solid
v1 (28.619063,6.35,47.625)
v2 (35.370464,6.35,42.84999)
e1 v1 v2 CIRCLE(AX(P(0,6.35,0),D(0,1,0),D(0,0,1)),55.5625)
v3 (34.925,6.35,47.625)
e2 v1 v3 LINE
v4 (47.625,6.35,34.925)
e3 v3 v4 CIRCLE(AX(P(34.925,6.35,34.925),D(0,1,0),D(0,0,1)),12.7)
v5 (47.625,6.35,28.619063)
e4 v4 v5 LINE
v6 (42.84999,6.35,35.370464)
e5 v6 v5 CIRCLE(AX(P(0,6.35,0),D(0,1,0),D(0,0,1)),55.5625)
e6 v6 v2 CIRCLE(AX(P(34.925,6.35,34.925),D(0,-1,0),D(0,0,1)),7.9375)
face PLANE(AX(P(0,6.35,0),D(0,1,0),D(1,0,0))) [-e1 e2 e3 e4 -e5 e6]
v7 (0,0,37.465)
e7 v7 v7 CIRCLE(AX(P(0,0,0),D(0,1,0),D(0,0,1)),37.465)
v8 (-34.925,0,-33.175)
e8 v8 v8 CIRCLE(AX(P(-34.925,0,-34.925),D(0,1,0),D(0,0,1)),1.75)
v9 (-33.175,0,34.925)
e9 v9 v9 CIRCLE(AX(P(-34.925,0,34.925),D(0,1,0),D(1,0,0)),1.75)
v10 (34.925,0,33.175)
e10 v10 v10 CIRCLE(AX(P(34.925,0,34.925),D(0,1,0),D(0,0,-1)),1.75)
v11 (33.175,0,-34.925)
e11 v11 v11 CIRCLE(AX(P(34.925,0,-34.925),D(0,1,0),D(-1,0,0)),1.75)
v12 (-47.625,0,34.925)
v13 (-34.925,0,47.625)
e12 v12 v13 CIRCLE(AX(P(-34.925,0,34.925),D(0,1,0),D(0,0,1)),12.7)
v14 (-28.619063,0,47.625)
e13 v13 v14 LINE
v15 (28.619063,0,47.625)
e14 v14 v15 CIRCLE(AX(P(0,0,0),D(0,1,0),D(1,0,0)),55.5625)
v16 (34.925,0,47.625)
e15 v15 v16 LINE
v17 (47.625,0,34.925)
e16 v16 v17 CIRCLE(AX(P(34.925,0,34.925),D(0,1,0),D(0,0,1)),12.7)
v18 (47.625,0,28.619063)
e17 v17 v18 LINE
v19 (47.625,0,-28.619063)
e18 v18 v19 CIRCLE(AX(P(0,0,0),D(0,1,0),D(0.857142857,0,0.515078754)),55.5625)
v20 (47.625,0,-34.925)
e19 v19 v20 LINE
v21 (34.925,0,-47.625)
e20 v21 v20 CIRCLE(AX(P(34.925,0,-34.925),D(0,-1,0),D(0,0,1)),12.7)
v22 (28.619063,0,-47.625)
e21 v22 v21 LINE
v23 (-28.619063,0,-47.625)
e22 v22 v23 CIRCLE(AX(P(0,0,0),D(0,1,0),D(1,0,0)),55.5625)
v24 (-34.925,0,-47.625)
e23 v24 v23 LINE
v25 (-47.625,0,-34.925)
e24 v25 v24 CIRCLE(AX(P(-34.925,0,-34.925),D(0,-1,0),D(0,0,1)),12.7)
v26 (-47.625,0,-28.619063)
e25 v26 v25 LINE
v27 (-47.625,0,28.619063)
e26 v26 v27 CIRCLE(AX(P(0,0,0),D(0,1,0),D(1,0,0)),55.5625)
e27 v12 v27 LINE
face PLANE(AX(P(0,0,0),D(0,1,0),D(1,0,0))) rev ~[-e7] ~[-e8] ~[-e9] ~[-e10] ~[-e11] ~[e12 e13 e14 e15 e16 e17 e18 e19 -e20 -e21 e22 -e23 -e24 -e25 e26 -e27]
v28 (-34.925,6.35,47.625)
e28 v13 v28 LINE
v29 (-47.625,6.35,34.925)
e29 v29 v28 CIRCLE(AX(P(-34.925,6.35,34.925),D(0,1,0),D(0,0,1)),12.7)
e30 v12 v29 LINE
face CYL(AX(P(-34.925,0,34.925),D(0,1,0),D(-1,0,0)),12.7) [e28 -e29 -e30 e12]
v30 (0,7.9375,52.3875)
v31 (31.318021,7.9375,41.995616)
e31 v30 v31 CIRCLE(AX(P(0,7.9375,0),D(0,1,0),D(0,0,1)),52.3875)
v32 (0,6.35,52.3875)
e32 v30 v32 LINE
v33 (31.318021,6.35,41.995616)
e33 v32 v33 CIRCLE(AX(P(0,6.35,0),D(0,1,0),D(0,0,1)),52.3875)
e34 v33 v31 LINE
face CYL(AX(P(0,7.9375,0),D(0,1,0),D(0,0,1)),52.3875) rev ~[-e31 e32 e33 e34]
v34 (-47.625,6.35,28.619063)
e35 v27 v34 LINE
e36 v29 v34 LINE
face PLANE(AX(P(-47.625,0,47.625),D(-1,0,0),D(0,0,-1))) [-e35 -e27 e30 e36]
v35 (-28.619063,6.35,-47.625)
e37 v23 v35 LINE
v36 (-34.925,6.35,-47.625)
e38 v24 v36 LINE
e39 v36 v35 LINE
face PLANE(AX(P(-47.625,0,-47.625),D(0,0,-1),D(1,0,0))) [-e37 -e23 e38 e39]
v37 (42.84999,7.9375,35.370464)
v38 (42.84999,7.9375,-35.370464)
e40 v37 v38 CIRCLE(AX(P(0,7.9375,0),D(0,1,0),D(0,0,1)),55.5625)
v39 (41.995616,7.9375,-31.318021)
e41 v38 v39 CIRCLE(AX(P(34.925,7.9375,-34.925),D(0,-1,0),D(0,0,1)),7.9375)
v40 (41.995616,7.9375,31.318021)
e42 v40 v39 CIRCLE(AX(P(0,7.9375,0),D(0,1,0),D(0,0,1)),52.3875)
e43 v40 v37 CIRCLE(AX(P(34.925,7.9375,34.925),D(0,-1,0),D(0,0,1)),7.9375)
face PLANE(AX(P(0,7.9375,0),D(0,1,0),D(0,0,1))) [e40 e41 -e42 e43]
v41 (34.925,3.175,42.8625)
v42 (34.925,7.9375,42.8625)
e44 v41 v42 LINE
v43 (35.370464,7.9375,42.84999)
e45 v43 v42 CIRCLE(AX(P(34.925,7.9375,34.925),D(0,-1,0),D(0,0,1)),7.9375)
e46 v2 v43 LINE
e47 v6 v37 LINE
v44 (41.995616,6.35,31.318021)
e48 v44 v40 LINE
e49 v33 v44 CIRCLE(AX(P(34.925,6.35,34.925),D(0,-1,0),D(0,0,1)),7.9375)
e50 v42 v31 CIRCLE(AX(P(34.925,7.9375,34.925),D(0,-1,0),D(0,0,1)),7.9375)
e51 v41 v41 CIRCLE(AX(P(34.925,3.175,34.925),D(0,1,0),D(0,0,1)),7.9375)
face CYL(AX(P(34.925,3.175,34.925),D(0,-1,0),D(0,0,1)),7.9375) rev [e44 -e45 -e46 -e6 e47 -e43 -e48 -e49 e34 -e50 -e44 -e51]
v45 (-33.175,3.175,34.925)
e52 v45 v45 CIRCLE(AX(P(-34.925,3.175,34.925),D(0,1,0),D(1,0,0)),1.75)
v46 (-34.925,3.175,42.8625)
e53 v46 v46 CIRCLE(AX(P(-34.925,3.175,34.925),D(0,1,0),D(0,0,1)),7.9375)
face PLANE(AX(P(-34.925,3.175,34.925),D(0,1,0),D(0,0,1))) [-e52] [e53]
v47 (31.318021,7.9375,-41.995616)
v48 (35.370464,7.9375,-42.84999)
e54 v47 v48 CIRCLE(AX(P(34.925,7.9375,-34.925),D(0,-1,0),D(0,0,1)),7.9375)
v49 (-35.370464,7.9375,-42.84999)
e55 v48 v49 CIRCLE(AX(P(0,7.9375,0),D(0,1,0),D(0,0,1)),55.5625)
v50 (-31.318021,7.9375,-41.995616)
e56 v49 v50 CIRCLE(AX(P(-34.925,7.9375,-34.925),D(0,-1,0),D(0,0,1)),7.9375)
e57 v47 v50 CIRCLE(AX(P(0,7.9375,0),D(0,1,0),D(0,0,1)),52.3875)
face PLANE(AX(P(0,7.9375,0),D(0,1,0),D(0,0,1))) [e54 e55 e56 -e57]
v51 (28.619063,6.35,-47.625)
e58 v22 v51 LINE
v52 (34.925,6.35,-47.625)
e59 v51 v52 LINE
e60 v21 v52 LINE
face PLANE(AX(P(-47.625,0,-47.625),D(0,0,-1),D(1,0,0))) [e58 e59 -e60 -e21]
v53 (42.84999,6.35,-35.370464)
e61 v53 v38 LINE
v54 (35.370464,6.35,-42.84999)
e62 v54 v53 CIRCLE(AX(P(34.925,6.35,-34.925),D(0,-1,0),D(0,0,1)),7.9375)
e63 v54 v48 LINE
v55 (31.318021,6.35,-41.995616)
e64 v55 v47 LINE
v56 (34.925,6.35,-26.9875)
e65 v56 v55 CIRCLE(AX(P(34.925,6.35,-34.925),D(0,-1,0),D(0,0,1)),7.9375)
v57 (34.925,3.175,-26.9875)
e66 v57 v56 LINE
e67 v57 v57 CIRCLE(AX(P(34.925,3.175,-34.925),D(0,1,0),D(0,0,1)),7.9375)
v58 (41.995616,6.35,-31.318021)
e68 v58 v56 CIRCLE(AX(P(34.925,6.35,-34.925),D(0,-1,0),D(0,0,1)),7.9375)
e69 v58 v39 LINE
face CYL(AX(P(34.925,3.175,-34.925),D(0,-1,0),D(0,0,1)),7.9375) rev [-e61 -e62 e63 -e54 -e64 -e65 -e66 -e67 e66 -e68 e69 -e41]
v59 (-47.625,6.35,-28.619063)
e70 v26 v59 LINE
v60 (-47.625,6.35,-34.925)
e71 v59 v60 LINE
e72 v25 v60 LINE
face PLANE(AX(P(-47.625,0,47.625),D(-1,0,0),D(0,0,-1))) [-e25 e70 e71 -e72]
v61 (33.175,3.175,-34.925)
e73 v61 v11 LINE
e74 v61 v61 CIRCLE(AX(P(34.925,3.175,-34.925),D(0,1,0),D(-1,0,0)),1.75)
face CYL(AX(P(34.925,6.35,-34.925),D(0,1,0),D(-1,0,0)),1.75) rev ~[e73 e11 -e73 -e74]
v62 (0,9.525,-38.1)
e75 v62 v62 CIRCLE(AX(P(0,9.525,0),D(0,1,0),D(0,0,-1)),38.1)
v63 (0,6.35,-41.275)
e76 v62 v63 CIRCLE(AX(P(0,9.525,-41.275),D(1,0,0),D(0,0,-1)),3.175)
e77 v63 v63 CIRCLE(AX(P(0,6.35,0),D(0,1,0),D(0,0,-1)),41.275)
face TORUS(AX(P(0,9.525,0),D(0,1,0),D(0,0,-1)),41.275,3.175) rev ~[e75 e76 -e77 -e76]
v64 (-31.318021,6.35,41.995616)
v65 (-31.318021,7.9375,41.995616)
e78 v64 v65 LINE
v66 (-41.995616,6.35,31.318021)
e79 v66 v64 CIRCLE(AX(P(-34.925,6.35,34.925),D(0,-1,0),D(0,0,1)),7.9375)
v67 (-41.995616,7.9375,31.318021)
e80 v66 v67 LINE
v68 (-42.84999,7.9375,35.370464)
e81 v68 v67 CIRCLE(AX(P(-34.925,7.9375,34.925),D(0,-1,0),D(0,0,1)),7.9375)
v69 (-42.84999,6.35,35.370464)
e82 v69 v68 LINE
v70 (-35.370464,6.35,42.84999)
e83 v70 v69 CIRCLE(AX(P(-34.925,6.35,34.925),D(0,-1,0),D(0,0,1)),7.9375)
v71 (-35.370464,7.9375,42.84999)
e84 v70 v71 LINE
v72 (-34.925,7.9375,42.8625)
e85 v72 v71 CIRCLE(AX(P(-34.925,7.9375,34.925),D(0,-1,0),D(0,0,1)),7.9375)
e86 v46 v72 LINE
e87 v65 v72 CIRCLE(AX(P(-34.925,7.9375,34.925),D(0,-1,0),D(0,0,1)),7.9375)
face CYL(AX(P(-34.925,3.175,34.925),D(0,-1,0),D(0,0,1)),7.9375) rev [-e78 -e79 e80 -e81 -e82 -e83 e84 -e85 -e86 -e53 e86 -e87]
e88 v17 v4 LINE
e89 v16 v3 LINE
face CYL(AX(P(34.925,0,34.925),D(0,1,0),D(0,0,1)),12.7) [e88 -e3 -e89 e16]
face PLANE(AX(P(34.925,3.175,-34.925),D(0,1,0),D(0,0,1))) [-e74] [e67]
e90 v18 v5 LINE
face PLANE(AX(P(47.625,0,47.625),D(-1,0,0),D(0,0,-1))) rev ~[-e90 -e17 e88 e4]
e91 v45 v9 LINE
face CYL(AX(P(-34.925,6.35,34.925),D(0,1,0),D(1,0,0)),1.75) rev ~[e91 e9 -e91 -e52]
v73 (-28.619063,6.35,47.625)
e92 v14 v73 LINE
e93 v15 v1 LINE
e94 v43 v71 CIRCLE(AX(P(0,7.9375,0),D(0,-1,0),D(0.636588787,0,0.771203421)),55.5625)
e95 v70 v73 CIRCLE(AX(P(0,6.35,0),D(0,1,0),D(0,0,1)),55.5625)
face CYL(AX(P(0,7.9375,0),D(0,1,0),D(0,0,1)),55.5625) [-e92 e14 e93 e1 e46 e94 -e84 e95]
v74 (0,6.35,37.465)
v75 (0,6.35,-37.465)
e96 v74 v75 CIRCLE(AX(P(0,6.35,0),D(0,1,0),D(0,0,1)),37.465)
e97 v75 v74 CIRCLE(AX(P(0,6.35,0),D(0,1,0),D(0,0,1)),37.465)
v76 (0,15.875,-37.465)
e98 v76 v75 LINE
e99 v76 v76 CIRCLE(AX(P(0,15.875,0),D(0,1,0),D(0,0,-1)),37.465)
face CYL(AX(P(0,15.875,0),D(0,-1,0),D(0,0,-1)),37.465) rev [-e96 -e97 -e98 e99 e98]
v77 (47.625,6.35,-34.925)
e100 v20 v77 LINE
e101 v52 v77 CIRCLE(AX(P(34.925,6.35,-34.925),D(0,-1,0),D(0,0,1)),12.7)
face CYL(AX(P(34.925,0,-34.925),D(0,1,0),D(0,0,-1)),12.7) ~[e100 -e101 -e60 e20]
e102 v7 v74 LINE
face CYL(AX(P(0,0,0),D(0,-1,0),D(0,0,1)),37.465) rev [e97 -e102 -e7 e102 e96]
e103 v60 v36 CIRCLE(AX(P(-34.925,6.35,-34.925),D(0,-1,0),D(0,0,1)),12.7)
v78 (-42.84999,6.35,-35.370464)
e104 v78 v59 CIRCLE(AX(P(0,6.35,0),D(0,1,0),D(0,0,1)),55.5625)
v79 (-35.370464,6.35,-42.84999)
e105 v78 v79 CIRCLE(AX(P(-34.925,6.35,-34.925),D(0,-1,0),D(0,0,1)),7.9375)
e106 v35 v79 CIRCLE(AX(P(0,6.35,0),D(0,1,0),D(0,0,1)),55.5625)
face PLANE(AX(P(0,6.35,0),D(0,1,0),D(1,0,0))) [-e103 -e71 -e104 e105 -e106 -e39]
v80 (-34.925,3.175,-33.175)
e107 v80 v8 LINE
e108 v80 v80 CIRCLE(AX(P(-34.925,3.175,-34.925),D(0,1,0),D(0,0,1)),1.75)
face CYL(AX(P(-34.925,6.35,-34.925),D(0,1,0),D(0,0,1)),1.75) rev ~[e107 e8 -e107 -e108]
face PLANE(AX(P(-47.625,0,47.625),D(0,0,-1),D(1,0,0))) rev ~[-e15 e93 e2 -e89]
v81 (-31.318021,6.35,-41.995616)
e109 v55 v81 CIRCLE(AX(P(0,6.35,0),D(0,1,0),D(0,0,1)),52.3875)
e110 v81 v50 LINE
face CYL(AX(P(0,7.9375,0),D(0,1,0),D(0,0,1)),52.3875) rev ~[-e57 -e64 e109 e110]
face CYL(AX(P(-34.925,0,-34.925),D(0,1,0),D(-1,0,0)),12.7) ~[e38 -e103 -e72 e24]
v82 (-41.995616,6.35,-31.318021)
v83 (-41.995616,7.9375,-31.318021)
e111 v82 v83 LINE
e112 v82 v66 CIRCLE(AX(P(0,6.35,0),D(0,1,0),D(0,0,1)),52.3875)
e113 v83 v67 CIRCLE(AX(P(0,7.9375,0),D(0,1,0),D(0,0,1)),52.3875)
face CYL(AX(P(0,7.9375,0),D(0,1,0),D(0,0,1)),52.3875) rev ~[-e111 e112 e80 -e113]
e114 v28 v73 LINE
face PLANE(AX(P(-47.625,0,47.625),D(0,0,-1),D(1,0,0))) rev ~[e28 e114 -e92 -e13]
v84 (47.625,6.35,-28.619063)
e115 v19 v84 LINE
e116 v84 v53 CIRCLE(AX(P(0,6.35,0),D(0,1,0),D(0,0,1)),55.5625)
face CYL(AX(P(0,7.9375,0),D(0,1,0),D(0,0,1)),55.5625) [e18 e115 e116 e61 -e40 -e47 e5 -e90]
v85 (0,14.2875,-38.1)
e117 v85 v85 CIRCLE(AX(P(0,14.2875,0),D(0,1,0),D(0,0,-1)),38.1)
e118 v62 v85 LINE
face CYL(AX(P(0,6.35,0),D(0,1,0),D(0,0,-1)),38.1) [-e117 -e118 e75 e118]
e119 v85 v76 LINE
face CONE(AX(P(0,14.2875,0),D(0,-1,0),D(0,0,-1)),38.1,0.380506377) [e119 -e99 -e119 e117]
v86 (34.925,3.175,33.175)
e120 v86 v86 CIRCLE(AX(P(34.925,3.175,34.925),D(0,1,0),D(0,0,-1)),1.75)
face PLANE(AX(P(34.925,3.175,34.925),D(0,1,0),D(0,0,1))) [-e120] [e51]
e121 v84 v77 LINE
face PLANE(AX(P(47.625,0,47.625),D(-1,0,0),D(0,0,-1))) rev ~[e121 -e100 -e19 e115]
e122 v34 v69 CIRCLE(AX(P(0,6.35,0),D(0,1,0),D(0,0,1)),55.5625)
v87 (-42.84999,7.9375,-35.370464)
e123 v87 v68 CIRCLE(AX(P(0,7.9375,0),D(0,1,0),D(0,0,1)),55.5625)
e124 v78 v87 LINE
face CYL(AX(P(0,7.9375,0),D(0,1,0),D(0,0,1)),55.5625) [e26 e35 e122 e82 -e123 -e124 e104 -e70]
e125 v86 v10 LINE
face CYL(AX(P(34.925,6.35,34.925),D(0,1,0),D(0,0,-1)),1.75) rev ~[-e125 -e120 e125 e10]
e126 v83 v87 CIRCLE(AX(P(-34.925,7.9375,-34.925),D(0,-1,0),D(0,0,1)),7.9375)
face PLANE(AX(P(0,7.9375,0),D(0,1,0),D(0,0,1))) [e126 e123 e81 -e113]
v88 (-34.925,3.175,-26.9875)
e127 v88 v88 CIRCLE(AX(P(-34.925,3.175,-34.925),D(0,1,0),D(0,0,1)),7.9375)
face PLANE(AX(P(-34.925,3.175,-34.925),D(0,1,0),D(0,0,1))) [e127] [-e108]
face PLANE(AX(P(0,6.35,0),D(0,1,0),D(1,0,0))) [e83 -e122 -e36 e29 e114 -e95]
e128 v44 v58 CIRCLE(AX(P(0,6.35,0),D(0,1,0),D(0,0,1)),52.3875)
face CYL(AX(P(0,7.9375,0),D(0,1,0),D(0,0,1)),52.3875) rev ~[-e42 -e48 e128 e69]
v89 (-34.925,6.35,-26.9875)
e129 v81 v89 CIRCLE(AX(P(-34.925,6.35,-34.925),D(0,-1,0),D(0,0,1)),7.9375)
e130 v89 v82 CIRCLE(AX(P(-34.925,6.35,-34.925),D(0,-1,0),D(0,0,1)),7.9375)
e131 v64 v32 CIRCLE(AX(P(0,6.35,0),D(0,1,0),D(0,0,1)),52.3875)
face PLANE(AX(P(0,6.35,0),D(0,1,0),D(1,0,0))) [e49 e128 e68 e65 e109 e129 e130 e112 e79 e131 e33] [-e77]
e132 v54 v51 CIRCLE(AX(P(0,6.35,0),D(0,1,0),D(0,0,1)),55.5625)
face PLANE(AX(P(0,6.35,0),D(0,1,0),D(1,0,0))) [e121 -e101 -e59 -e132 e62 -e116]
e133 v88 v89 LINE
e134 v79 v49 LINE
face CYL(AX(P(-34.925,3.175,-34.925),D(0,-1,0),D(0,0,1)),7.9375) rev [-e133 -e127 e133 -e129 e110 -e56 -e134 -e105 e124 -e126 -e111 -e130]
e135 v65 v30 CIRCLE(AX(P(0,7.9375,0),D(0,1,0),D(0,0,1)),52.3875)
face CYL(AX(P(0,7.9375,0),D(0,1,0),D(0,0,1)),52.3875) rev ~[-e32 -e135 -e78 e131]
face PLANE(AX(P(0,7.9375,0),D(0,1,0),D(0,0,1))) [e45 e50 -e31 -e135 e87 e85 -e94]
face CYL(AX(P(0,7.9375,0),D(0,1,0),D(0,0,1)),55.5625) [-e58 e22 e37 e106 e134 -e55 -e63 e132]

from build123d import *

# Parameters (mm, degrees)
SKETCH1_W               = 95.25
SKETCH1_H               = 95.25
SKETCH1_R               = 37.465
BOSS_EXTRUDE1_DEPTH     = 6.35
SKETCH2_R               = 1.75
CUT_EXTRUDE1_DEPTH      = 68.650600515
CIRPATTERN1_COUNT       = 4
FILLET1_R               = 12.7
FILLET2_R               = 3.175
SKETCH5_R               = 55.5625
SKETCH5_R_2             = 44.45
SKETCH5_R_3             = 1.75
BOSS_EXTRUDE2_DEPTH     = 6.35
BOSS_EXTRUDE4_START     = 1.5875
SKETCH8_R               = 55.5625
SKETCH8_R_2             = 52.3875
BOSS_EXTRUDE4_DEPTH     = 1.5875
CUT_EXTRUDE3_DEPTH      = 80.152437976
CUT_EXTRUDE3_DEPTH_BACK = 3.175
SKETCH10_R              = 7.9375


with BuildPart() as part:
    # Sketch1 → Boss-Extrude1 (new body)
    with BuildSketch(Plane(origin=(0, 0, 0), x_dir=(1, 0, 0), z_dir=(0, 1, 0))):
        Rectangle(SKETCH1_W, SKETCH1_H)
        with Locations(Location((0, 0, 0), (0, 0, 270))):
            Circle(SKETCH1_R, mode=Mode.SUBTRACT)
    extrude(amount=BOSS_EXTRUDE1_DEPTH)

    # Sketch2 → Cut-Extrude1 (cut, through all)
    with BuildSketch(Plane(origin=(0, 6.35, 0), x_dir=(1, 0, 0), z_dir=(0, 1, 0))):
        with Locations(Location((-34.925, 34.925, 0), (0, 0, 270))):
            Circle(SKETCH2_R)
    cut_extrude1 = extrude(amount=-CUT_EXTRUDE1_DEPTH, mode=Mode.SUBTRACT)

    # CirPattern1: Cut-Extrude1 ×4 about axis
    cirpattern1_axis = Axis((0, 0, 0), (0, 1, 0))
    for i in range(1, CIRPATTERN1_COUNT):
        add(cut_extrude1.rotate(cirpattern1_axis, i * 360 / CIRPATTERN1_COUNT), mode=Mode.SUBTRACT)

    # Fillet1
    fillet1_edges = [part.edges().sort_by_distance(p)[0] for p in [
        (-47.625, 3.175, -47.625),
        (47.625, 3.175, -47.625),
        (47.625, 3.175, 47.625),
        (-47.625, 3.175, 47.625),
    ]]
    fillet(fillet1_edges, radius=FILLET1_R)

    # Sketch4 → Revolve1 (revolve)
    with BuildSketch(Plane.XY, mode=Mode.PRIVATE) as revolve1_sk:
        Polygon((37.465, 12.7), (37.465, 6.35), (38.1, 6.35), (38.1, 10.3505), (38.1, 14.2875), (37.465, 15.875), align=None)
    revolve(revolve1_sk.sketch.rotate(Axis((0, 0, 0), (0, 1, 0)), 90), axis=Axis((0, 0, 0), (0, 1, 0)))

    # Fillet2
    fillet2_edges = [part.edges().sort_by_distance(p)[0] for p in [
        (0, 6.35, 38.1),
    ]]
    fillet(fillet2_edges, radius=FILLET2_R)

    # Sketch5 → Boss-Extrude2 (add, through all)
    with BuildSketch(Plane(origin=(0, 6.35, 0), x_dir=(1, 0, 0), z_dir=(0, 1, 0))):
        Circle(SKETCH5_R)
        Circle(SKETCH5_R_2, mode=Mode.SUBTRACT)
        with Locations(Location((-34.925, 34.925, 0), (0, 0, 270))):
            Circle(SKETCH5_R_3, mode=Mode.SUBTRACT)
        with Locations((-34.925, -34.925)):
            Circle(SKETCH5_R_3, mode=Mode.SUBTRACT)
        with Locations(Location((34.925, -34.925, 0), (0, 0, 90))):
            Circle(SKETCH5_R_3, mode=Mode.SUBTRACT)
        with Locations(Location((34.925, 34.925, 0), (0, 0, 180))):
            Circle(SKETCH5_R_3, mode=Mode.SUBTRACT)
    extrude(amount=-BOSS_EXTRUDE2_DEPTH)

    # Sketch8 → Boss-Extrude4 (add)
    with BuildSketch(Plane(origin=(0, 6.35, 0), x_dir=(1, 0, 0), z_dir=(0, 1, 0)).offset(BOSS_EXTRUDE4_START)):
        with Locations(Location((0, 0, 0), (0, 0, 270))):
            Circle(SKETCH8_R)
        with Locations(Location((0, 0, 0), (0, 0, 270))):
            Circle(SKETCH8_R_2, mode=Mode.SUBTRACT)
    extrude(amount=-BOSS_EXTRUDE4_DEPTH)

    # Sketch10 → Cut-Extrude3 (cut, two sides: drawn at the far end of the back side and taken through both)
    with BuildSketch(Plane(origin=(0, 6.35, 0), x_dir=(1, 0, 0), z_dir=(0, 1, 0)).offset(-CUT_EXTRUDE3_DEPTH_BACK)):
        with Locations(Location((-34.925, 34.925, 0), (0, 0, 270))):
            Circle(SKETCH10_R)
        with Locations(Location((34.925, 34.925, 0), (0, 0, 270))):
            Circle(SKETCH10_R)
        with Locations(Location((34.925, -34.925, 0), (0, 0, 270))):
            Circle(SKETCH10_R)
        with Locations(Location((-34.925, -34.925, 0), (0, 0, 270))):
            Circle(SKETCH10_R)
    extrude(amount=CUT_EXTRUDE3_DEPTH + CUT_EXTRUDE3_DEPTH_BACK, mode=Mode.SUBTRACT)


solid = part.part
